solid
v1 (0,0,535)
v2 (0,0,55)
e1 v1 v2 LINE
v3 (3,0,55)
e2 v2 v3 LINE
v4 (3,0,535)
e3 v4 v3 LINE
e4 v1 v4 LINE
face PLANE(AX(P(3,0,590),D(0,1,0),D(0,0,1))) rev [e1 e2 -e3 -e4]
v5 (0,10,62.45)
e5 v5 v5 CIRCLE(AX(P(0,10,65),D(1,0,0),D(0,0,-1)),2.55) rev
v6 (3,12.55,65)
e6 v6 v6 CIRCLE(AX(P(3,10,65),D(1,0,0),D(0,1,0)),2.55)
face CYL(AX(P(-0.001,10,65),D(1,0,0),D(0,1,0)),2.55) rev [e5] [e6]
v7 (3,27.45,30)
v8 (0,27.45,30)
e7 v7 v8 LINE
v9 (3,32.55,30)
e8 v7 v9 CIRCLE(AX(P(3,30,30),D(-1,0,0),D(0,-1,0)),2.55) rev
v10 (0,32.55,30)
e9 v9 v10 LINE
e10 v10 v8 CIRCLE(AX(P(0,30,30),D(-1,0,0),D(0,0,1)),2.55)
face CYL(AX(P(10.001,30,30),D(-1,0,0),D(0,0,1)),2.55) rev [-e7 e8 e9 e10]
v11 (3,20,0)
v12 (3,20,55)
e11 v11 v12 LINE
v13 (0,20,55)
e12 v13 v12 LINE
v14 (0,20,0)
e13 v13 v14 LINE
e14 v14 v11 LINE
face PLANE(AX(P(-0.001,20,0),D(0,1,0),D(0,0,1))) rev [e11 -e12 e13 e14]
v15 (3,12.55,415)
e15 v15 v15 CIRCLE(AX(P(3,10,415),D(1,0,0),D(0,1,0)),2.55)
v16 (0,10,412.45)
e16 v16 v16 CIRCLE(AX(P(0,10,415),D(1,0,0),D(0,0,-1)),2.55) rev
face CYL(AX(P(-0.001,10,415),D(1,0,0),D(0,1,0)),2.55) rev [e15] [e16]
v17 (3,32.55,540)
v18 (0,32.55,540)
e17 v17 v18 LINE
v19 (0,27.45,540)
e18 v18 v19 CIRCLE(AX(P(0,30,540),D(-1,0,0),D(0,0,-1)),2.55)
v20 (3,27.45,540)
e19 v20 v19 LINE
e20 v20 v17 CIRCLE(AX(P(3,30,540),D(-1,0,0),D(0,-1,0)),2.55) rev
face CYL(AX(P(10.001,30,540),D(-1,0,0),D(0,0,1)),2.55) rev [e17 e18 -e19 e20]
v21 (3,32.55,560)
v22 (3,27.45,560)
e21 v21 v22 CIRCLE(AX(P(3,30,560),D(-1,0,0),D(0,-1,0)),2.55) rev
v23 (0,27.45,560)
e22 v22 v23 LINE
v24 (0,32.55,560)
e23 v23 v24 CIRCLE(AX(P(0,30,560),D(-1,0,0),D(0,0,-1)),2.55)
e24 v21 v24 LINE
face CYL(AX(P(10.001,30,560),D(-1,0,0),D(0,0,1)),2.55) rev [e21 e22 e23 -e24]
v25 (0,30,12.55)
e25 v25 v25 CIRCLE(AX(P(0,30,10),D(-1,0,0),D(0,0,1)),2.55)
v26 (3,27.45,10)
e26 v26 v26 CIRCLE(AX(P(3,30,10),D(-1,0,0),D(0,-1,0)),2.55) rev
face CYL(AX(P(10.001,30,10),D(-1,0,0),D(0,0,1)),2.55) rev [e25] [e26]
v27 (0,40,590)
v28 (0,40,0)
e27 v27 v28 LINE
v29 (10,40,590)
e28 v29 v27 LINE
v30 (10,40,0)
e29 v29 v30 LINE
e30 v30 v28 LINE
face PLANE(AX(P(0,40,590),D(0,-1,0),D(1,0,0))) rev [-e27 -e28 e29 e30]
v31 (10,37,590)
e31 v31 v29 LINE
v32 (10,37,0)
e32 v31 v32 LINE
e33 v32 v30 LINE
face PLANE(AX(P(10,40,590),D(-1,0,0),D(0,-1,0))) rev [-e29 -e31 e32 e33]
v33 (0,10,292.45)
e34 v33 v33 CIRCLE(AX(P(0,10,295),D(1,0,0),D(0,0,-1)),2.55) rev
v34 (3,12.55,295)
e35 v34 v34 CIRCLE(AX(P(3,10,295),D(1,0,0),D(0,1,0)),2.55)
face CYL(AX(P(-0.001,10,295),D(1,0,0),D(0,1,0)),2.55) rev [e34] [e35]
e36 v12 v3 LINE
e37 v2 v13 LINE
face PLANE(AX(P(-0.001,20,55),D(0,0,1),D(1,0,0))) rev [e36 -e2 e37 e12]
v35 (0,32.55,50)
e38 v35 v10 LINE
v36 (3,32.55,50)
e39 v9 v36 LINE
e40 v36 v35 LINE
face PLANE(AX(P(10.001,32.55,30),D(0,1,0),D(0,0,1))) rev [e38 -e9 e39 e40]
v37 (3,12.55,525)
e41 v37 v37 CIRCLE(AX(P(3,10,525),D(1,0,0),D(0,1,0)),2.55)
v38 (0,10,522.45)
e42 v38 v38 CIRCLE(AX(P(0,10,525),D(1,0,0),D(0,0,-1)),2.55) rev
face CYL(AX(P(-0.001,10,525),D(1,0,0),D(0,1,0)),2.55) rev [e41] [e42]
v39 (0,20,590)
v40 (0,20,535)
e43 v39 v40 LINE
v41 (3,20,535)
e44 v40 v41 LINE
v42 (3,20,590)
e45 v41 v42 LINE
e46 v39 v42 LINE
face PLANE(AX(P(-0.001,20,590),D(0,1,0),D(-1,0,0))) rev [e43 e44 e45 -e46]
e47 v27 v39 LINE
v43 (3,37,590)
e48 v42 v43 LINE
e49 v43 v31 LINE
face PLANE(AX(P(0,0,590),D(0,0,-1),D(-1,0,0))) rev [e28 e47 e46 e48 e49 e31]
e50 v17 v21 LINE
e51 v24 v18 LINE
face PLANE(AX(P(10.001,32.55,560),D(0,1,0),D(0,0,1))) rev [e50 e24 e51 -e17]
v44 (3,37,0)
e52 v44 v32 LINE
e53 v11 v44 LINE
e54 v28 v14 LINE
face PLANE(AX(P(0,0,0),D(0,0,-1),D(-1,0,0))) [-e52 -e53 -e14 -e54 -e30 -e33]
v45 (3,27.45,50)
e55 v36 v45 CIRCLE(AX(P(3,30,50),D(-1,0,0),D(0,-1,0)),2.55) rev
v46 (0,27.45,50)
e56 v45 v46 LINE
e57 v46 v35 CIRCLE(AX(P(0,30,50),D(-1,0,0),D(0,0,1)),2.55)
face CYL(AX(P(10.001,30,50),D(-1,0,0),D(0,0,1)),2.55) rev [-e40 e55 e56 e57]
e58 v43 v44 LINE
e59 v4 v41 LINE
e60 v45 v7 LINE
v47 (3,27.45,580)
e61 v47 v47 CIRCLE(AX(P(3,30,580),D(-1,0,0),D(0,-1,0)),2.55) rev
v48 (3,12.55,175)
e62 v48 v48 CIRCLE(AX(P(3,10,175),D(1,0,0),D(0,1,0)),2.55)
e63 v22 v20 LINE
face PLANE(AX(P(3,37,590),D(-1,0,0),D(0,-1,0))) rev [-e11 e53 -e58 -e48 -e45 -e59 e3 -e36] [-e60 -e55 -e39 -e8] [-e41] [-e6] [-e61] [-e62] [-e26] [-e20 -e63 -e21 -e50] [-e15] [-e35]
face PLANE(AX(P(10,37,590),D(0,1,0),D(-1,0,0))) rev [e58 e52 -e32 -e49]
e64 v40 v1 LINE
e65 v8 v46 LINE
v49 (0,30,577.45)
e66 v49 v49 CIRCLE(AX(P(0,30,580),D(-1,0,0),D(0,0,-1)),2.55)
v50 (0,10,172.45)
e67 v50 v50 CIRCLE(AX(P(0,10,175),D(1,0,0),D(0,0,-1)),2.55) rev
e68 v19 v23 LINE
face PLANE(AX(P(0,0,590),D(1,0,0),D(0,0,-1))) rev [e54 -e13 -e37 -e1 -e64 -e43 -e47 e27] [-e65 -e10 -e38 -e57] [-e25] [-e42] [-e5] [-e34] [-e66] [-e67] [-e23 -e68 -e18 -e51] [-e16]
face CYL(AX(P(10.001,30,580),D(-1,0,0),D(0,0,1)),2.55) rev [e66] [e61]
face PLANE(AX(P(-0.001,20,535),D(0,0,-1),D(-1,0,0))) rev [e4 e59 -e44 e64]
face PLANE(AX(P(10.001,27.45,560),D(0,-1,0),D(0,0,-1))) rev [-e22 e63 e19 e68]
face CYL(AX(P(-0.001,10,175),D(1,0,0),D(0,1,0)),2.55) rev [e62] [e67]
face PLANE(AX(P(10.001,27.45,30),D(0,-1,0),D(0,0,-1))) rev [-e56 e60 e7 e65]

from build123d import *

# Parameters (mm, degrees)
BOSS_EXTRUDE1_DEPTH = 590
CUT_EXTRUDE3_REACH  = 5
SKETCH2_R           = 2.55
CUT_EXTRUDE5_REACH  = 5
SKETCH5_W           = 55
SKETCH5_H           = 20
CUT_EXTRUDE6_REACH  = 12
SKETCH6_R           = 2.55


with BuildPart() as part:
    # Sketch1 → Boss-Extrude1 (new body)
    with BuildSketch(Plane.XY):
        Polygon((0, 0), (0, 40), (10, 40), (10, 37), (3, 37), (3, 0), align=None)
    extrude(amount=BOSS_EXTRUDE1_DEPTH)

    # Sketch2 → Cut-Extrude3 (cut, up to next)
    with BuildSketch(Plane(origin=(3, 0, 0), x_dir=(0, 0, -1), z_dir=(1, 0, 0)), mode=Mode.PRIVATE) as cut_extrude3_sk1:
        with Locations((-525, 10)):
            Circle(SKETCH2_R)
    cut_extrude3_tool1 = extrude(cut_extrude3_sk1.sketch, amount=-CUT_EXTRUDE3_REACH, mode=Mode.PRIVATE) & part.part
    add(cut_extrude3_tool1.solids().sort_by_distance((3, 10, 525))[0], mode=Mode.SUBTRACT)
    # Sketch2 → Cut-Extrude3 (cut, up to next)
    with BuildSketch(Plane(origin=(3, 0, 0), x_dir=(0, 0, -1), z_dir=(1, 0, 0)), mode=Mode.PRIVATE) as cut_extrude3_sk2:
        with Locations((-295, 10)):
            Circle(SKETCH2_R)
    cut_extrude3_tool2 = extrude(cut_extrude3_sk2.sketch, amount=-CUT_EXTRUDE3_REACH, mode=Mode.PRIVATE) & part.part
    add(cut_extrude3_tool2.solids().sort_by_distance((3, 10, 295))[0], mode=Mode.SUBTRACT)
    # Sketch2 → Cut-Extrude3 (cut, up to next)
    with BuildSketch(Plane(origin=(3, 0, 0), x_dir=(0, 0, -1), z_dir=(1, 0, 0)), mode=Mode.PRIVATE) as cut_extrude3_sk3:
        with Locations((-415, 10)):
            Circle(SKETCH2_R)
    cut_extrude3_tool3 = extrude(cut_extrude3_sk3.sketch, amount=-CUT_EXTRUDE3_REACH, mode=Mode.PRIVATE) & part.part
    add(cut_extrude3_tool3.solids().sort_by_distance((3, 10, 415))[0], mode=Mode.SUBTRACT)
    # Sketch2 → Cut-Extrude3 (cut, up to next)
    with BuildSketch(Plane(origin=(3, 0, 0), x_dir=(0, 0, -1), z_dir=(1, 0, 0)), mode=Mode.PRIVATE) as cut_extrude3_sk4:
        with Locations((-175, 10)):
            Circle(SKETCH2_R)
    cut_extrude3_tool4 = extrude(cut_extrude3_sk4.sketch, amount=-CUT_EXTRUDE3_REACH, mode=Mode.PRIVATE) & part.part
    add(cut_extrude3_tool4.solids().sort_by_distance((3, 10, 175))[0], mode=Mode.SUBTRACT)
    # Sketch2 → Cut-Extrude3 (cut, up to next)
    with BuildSketch(Plane(origin=(3, 0, 0), x_dir=(0, 0, -1), z_dir=(1, 0, 0)), mode=Mode.PRIVATE) as cut_extrude3_sk5:
        with Locations((-65, 10)):
            Circle(SKETCH2_R)
    cut_extrude3_tool5 = extrude(cut_extrude3_sk5.sketch, amount=-CUT_EXTRUDE3_REACH, mode=Mode.PRIVATE) & part.part
    add(cut_extrude3_tool5.solids().sort_by_distance((3, 10, 65))[0], mode=Mode.SUBTRACT)

    # Sketch5 → Cut-Extrude5 (cut, up to next)
    with BuildSketch(Plane(origin=(3, 0, 0), x_dir=(0, 0, -1), z_dir=(1, 0, 0)), mode=Mode.PRIVATE) as cut_extrude5_sk1:
        with Locations((-562.5, 10)):
            Rectangle(SKETCH5_W, SKETCH5_H)
    cut_extrude5_tool1 = extrude(cut_extrude5_sk1.sketch, amount=-CUT_EXTRUDE5_REACH, mode=Mode.PRIVATE) & part.part
    add(cut_extrude5_tool1.solids().sort_by_distance((3, 10, 562.5))[0], mode=Mode.SUBTRACT)
    # Sketch5 → Cut-Extrude5 (cut, up to next)
    with BuildSketch(Plane(origin=(3, 0, 0), x_dir=(0, 0, -1), z_dir=(1, 0, 0)), mode=Mode.PRIVATE) as cut_extrude5_sk2:
        with Locations((-27.5, 10)):
            Rectangle(SKETCH5_W, SKETCH5_H)
    cut_extrude5_tool2 = extrude(cut_extrude5_sk2.sketch, amount=-CUT_EXTRUDE5_REACH, mode=Mode.PRIVATE) & part.part
    add(cut_extrude5_tool2.solids().sort_by_distance((3, 10, 27.5))[0], mode=Mode.SUBTRACT)

    # Sketch6 → Cut-Extrude6 (cut, up to next)
    with BuildSketch(Plane.ZY, mode=Mode.PRIVATE) as cut_extrude6_sk1:
        with Locations((10, 30)):
            Circle(SKETCH6_R)
    cut_extrude6_tool1 = extrude(cut_extrude6_sk1.sketch, amount=-CUT_EXTRUDE6_REACH, mode=Mode.PRIVATE) & part.part
    add(cut_extrude6_tool1.solids().sort_by_distance((0, 30, 10))[0], mode=Mode.SUBTRACT)
    # Sketch6 → Cut-Extrude6 (cut, up to next)
    with BuildSketch(Plane.ZY, mode=Mode.PRIVATE) as cut_extrude6_sk2:
        with Locations((580, 30)):
            Circle(SKETCH6_R)
    cut_extrude6_tool2 = extrude(cut_extrude6_sk2.sketch, amount=-CUT_EXTRUDE6_REACH, mode=Mode.PRIVATE) & part.part
    add(cut_extrude6_tool2.solids().sort_by_distance((0, 30, 580))[0], mode=Mode.SUBTRACT)
    # Sketch6 → Cut-Extrude6 (cut, up to next)
    with BuildSketch(Plane.ZY, mode=Mode.PRIVATE) as cut_extrude6_sk3:
        with BuildLine():
            Line((30, 32.55), (50, 32.55))
            ThreePointArc((50, 32.55), (52.55, 30), (50, 27.45))
            Line((50, 27.45), (30, 27.45))
            ThreePointArc((30, 27.45), (27.45, 30), (30, 32.55))
        make_face()
    cut_extrude6_tool3 = extrude(cut_extrude6_sk3.sketch, amount=-CUT_EXTRUDE6_REACH, mode=Mode.PRIVATE) & part.part
    add(cut_extrude6_tool3.solids().sort_by_distance((0, 30, 40))[0], mode=Mode.SUBTRACT)
    # Sketch6 → Cut-Extrude6 (cut, up to next)
    with BuildSketch(Plane.ZY, mode=Mode.PRIVATE) as cut_extrude6_sk4:
        with BuildLine():
            Line((560, 32.55), (540, 32.55))
            ThreePointArc((540, 32.55), (537.45, 30), (540, 27.45))
            Line((540, 27.45), (560, 27.45))
            ThreePointArc((560, 27.45), (562.55, 30), (560, 32.55))
        make_face()
    cut_extrude6_tool4 = extrude(cut_extrude6_sk4.sketch, amount=-CUT_EXTRUDE6_REACH, mode=Mode.PRIVATE) & part.part
    add(cut_extrude6_tool4.solids().sort_by_distance((0, 30, 550))[0], mode=Mode.SUBTRACT)


solid = part.part
